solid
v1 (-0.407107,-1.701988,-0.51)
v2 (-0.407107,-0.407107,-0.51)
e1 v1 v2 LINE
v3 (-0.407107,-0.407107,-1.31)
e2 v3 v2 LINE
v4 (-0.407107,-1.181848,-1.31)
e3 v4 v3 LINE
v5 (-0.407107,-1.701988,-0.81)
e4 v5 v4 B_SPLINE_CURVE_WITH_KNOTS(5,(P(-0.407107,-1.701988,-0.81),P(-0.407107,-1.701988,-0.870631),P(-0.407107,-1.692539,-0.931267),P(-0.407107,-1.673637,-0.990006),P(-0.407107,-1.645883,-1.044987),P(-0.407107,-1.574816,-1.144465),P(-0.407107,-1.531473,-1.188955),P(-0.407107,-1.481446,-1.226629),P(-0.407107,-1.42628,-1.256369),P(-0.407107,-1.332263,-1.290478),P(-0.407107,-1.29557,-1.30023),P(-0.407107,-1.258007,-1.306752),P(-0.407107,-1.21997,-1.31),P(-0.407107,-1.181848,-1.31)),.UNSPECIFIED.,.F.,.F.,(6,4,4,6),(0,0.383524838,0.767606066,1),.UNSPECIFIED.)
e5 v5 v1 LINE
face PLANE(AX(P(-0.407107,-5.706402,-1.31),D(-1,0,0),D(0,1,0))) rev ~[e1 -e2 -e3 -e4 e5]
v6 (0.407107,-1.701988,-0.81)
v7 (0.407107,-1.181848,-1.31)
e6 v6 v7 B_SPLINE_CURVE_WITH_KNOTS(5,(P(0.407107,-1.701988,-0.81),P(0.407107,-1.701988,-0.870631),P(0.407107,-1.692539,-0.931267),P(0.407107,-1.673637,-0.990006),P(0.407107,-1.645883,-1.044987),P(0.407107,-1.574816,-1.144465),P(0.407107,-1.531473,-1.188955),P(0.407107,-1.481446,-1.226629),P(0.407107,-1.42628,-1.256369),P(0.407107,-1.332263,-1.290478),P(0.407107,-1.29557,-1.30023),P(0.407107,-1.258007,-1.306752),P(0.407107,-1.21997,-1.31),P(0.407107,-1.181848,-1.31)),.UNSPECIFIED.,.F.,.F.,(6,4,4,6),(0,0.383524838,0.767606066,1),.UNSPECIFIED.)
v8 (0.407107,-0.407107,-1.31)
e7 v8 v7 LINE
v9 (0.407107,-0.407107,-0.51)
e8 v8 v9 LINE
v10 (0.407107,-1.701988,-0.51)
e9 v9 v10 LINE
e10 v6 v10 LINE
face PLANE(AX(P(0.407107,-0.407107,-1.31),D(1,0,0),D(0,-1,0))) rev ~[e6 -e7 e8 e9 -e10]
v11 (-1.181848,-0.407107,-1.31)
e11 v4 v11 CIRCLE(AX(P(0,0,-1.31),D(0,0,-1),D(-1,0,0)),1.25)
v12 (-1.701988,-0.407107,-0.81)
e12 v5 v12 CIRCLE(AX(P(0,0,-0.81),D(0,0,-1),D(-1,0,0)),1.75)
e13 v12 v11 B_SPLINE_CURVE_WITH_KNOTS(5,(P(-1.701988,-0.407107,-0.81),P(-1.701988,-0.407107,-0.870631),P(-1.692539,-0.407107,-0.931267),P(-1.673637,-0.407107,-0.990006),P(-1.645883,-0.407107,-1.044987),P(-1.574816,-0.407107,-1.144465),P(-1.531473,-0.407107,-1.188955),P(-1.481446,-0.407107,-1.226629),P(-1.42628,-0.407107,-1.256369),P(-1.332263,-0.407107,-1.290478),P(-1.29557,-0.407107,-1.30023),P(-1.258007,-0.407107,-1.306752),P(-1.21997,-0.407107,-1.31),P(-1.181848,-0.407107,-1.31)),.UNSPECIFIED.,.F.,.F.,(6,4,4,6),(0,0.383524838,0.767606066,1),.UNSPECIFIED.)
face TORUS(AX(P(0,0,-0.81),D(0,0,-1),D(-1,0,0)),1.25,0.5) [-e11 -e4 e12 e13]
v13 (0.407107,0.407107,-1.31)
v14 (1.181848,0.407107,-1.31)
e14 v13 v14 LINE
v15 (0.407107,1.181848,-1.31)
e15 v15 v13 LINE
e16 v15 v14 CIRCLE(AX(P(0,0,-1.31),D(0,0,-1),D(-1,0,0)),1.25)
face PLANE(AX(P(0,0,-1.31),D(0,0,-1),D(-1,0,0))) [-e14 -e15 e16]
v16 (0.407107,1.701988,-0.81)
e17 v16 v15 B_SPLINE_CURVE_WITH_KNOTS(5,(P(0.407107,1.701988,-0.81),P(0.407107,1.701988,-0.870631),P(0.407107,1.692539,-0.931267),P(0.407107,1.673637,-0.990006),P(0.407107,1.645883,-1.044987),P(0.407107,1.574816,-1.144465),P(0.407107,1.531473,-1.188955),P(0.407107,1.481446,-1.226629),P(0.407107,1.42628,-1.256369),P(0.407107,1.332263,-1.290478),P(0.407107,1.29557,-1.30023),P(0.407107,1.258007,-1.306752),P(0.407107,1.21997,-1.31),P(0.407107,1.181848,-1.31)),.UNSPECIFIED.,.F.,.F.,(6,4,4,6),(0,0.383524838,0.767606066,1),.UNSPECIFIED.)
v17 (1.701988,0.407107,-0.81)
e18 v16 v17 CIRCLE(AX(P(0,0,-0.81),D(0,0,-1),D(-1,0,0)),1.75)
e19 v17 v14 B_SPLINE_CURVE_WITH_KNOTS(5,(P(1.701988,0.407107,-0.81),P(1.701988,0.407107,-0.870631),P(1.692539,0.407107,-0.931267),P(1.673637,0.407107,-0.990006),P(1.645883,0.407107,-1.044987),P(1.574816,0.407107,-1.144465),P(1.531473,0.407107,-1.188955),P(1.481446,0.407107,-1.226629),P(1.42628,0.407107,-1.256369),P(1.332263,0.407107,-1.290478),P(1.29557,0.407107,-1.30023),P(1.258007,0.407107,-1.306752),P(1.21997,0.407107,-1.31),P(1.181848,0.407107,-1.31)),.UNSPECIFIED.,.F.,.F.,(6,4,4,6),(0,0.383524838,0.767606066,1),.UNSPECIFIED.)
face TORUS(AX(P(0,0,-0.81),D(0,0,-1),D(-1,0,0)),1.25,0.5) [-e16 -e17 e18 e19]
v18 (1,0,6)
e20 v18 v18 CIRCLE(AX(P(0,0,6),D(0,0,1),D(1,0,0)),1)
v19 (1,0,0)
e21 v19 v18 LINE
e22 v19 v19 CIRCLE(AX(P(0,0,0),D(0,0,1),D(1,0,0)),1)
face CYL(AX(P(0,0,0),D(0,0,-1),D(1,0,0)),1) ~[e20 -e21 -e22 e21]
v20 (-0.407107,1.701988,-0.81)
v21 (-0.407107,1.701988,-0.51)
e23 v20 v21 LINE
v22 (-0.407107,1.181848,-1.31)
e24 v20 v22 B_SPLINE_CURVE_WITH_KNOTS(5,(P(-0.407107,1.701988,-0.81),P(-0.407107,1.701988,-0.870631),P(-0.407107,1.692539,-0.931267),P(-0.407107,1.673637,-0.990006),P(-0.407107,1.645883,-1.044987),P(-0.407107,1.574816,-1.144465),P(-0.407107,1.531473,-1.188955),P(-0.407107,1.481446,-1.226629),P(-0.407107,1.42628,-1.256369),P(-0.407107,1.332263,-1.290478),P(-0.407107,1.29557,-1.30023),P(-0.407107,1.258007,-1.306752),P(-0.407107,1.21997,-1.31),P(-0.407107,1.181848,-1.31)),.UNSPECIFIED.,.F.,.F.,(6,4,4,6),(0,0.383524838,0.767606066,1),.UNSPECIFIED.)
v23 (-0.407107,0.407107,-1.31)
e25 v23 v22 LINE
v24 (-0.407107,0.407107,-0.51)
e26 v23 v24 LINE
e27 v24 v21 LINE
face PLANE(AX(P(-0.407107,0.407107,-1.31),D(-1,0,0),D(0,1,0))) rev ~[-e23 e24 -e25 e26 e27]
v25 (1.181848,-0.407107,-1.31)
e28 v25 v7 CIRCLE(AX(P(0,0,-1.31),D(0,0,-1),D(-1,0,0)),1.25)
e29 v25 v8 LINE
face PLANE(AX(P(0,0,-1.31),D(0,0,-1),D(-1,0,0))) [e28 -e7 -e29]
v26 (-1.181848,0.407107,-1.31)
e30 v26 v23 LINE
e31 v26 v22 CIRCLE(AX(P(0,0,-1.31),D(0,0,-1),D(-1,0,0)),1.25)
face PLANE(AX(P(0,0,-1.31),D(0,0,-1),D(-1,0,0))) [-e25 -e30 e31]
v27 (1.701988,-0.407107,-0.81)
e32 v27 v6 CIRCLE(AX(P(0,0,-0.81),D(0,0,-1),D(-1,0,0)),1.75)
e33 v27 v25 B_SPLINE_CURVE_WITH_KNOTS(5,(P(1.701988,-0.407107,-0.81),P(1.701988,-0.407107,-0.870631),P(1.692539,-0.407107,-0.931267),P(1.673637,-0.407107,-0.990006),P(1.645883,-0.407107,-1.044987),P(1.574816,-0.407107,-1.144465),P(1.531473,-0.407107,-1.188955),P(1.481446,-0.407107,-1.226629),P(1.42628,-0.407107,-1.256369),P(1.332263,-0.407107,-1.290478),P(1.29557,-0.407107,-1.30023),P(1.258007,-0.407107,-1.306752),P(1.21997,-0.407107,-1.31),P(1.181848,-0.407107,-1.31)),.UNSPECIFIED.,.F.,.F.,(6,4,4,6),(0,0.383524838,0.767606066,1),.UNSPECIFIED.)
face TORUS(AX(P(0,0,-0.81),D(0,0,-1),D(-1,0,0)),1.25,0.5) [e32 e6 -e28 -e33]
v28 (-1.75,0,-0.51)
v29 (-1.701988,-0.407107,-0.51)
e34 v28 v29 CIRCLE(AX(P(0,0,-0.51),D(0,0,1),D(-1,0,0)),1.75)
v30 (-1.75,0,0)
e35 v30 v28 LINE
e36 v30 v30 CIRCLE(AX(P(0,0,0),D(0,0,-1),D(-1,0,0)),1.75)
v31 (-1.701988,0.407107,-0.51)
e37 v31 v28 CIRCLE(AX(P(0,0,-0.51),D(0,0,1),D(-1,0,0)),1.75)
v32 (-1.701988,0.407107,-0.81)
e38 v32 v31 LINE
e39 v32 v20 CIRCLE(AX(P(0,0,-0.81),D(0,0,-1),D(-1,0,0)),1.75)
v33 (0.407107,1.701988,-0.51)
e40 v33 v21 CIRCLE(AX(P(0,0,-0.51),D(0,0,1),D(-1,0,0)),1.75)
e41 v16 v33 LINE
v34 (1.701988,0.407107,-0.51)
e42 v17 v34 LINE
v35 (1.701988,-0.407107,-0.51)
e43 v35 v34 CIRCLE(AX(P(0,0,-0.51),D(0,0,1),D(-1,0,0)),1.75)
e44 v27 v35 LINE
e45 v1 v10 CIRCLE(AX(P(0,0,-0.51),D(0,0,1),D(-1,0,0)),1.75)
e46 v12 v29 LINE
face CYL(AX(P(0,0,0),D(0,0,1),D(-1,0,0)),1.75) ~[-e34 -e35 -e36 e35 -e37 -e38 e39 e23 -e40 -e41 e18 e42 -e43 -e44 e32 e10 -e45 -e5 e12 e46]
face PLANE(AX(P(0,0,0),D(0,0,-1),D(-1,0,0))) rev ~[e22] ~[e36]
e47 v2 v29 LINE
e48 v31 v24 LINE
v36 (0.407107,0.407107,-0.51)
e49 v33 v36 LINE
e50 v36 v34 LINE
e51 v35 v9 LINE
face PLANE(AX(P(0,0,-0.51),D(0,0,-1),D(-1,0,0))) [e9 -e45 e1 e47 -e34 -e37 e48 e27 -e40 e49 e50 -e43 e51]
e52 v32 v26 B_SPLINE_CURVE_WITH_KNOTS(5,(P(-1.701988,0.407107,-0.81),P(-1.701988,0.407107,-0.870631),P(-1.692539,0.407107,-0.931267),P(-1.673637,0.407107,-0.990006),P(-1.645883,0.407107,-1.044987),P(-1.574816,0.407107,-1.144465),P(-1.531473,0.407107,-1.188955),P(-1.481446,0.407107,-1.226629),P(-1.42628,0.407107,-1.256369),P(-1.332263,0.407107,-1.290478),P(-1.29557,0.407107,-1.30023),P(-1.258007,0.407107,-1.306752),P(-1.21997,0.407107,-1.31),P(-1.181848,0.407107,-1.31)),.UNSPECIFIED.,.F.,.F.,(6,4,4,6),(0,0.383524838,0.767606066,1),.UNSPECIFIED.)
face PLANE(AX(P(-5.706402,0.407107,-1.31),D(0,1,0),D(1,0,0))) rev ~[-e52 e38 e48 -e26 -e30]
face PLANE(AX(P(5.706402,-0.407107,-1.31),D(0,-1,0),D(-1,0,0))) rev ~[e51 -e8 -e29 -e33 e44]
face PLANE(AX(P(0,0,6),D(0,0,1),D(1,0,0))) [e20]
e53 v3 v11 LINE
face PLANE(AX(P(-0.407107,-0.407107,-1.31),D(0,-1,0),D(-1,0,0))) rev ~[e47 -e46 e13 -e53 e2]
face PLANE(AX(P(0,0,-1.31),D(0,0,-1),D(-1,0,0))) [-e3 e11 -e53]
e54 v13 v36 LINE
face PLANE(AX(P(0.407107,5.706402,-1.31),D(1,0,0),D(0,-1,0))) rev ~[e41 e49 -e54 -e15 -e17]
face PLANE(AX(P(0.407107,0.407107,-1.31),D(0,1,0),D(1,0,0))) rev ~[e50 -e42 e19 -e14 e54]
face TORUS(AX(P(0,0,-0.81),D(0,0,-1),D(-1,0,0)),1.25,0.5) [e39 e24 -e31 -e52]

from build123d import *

# Parameters (mm, degrees)
SKETCH_1_R          = 1
EXTRUDE_1_DEPTH     = 6
SKETCH_2_R          = 1.75
EXTRUDE_2_DEPTH     = 1.31
FILLET_1_R          = 0.5
CUT_EXTRUDE_1_DEPTH = 0.8


with BuildPart() as part:
    # 草图1 → 凸台-拉伸1 (new body)
    with BuildSketch(Plane.XY):
        Circle(SKETCH_1_R)
    extrude(amount=EXTRUDE_1_DEPTH)

    # 草图2 → 凸台-拉伸2 (add)
    with BuildSketch(Plane(origin=(0, 0, 0), x_dir=(-1, 0, 0), z_dir=(0, 0, -1))):
        Circle(SKETCH_2_R)
    extrude(amount=EXTRUDE_2_DEPTH)

    # 圆角1
    fillet_1_edges = [part.edges().sort_by_distance(p)[0] for p in [
        (1.75, 0, -1.31),
    ]]
    fillet(fillet_1_edges, radius=FILLET_1_R)

    # 草图3 → 切除-拉伸1 (cut)
    with BuildSketch(Plane(origin=(0, 0, -1.31), x_dir=(-1, 0, 0), z_dir=(0, 0, -1))):
        Polygon((0.407106781, 0.407106781), (0.407106781, 5.706401657), (-0.407106781, 5.706401657), (-0.407106781, 0.407106781), (-5.706401657, 0.407106781), (-5.706401657, -0.407106781), (-0.407106781, -0.407106781), (-0.407106781, -5.706401657), (0.407106781, -5.706401657), (0.407106781, -0.407106781), (5.706401657, -0.407106781), (5.706401657, 0.407106781), align=None)
    extrude(amount=-CUT_EXTRUDE_1_DEPTH, mode=Mode.SUBTRACT)


solid = part.part
